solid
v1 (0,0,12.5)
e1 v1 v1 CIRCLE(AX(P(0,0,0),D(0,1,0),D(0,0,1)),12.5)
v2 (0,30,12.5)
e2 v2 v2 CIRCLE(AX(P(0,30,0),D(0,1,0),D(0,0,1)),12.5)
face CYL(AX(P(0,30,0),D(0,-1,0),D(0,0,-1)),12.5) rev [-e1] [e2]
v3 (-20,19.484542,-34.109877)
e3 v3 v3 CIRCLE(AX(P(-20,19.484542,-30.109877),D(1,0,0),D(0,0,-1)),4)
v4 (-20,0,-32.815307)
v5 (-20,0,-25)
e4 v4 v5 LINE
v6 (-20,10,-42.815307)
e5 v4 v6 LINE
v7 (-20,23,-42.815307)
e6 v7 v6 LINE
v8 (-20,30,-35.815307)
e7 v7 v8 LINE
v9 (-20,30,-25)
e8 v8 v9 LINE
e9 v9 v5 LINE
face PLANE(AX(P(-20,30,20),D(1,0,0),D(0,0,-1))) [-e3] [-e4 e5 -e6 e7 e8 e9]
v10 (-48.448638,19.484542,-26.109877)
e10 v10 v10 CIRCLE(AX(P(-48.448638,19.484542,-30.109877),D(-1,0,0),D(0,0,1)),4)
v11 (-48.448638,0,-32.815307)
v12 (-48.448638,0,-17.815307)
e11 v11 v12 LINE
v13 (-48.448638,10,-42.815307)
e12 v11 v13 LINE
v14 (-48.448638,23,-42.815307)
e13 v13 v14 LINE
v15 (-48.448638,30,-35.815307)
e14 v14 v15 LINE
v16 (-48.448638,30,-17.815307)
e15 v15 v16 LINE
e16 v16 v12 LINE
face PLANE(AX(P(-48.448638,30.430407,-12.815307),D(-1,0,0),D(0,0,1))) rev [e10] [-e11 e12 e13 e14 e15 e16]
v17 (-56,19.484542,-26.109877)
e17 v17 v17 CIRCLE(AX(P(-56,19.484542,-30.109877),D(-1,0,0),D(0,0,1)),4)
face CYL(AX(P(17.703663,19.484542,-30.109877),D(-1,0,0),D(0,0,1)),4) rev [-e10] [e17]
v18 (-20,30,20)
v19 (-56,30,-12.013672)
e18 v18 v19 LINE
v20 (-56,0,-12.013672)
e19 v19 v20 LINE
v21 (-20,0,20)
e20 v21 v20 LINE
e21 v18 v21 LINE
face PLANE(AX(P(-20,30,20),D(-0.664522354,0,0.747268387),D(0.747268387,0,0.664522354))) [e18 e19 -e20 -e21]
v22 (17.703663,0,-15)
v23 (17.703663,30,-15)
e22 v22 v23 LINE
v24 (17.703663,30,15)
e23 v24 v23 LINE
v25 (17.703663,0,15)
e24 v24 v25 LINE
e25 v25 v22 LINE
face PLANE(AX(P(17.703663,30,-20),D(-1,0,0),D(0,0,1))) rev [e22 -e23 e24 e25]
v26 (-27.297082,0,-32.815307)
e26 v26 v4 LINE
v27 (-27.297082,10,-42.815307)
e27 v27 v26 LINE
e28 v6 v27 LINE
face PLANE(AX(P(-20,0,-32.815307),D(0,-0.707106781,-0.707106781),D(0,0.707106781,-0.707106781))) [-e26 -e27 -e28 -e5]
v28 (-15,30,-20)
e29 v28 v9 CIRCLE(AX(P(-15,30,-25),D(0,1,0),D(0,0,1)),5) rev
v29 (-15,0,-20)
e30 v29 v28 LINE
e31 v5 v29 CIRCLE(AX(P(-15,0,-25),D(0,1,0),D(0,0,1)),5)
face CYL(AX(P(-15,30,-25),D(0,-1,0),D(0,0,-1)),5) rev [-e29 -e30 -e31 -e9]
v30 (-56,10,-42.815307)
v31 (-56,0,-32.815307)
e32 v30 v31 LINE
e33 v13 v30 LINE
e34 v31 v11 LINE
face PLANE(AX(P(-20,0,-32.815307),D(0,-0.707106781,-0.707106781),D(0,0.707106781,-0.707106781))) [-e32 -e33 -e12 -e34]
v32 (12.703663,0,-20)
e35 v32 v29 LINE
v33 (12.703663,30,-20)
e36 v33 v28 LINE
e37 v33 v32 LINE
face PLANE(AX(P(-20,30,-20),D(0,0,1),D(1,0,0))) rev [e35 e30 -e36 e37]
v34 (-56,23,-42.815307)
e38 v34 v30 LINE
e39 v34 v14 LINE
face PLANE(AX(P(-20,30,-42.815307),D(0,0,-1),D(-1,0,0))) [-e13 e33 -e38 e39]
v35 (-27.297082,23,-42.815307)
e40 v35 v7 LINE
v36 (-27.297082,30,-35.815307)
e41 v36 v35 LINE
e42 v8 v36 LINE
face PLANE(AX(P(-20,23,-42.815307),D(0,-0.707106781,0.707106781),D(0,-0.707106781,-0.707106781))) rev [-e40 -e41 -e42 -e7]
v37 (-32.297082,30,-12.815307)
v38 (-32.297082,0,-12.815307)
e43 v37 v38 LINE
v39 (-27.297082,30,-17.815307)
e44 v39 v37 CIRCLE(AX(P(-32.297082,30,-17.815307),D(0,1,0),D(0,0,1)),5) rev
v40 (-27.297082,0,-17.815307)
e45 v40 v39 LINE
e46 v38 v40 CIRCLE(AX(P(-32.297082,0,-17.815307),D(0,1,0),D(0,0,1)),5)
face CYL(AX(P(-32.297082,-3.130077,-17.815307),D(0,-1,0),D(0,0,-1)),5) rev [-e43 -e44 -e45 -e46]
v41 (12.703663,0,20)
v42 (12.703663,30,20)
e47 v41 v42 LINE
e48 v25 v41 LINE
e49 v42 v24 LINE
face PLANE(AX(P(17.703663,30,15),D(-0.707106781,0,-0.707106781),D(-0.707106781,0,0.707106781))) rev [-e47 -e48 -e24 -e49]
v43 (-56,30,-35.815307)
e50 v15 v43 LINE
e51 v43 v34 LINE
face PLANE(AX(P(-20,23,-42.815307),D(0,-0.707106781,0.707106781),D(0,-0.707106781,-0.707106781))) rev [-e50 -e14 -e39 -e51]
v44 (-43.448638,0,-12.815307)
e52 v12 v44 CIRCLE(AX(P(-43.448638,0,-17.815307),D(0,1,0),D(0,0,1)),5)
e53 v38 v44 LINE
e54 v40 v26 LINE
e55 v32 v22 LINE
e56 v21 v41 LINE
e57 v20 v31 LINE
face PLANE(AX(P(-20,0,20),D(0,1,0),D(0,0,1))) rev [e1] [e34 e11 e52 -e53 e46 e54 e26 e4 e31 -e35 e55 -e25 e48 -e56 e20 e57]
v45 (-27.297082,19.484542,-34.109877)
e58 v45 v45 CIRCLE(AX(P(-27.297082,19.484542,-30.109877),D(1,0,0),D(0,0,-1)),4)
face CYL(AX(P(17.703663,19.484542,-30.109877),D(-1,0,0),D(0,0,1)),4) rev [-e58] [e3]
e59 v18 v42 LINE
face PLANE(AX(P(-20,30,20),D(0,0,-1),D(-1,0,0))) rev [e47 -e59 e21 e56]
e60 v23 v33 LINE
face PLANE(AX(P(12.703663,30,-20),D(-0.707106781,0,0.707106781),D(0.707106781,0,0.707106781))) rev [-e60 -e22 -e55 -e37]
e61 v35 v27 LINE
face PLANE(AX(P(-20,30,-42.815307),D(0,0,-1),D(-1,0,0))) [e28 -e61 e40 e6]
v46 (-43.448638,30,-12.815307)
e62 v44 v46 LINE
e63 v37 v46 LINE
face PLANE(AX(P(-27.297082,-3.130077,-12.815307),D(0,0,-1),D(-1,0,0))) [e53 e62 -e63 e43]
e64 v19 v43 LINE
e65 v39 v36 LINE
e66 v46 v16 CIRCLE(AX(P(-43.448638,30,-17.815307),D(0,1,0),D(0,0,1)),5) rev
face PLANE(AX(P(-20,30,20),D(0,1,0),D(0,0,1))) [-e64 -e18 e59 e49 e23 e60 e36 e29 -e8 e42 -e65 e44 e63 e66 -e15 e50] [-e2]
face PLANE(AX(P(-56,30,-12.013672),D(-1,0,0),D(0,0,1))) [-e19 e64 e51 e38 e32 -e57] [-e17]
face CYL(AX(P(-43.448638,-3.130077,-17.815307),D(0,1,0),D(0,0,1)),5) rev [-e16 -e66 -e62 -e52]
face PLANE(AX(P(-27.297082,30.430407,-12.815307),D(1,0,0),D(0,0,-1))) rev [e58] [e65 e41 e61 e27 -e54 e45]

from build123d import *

# Parameters (mm, degrees)
SKETCH_1_W          = 37.703662968
SKETCH_1_H          = 40
SKETCH_1_R          = 12.5
EXTRUDE_1_DEPTH     = 30
EXTRUDE_3_DEPTH     = 30
SKETCH_9_W          = 21.151556031
SKETCH_9_H          = 33.5604842
CUT_EXTRUDE_5_DEPTH = 30
FILLET_4_R          = 5
CHAMFER_4_SIZE      = 7
FILLET_5_R          = 5
SKETCH_10_R         = 4.000000001
CUT_EXTRUDE_6_DEPTH = 91.362494631
CHAMFER_6_SIZE      = 10
CHAMFER_7_SIZE      = 5


with BuildPart() as part:
    # Эскиз1 → Вытянуть1 (new body)
    with BuildSketch(Plane(origin=(0, 0, 0), x_dir=(1, 0, 0), z_dir=(0, 1, 0))):
        with Locations((-1.148168516, 0)):
            Rectangle(SKETCH_1_W, SKETCH_1_H)
        with Locations(Location((0, 0, 0), (0, 0, 270))):
            Circle(SKETCH_1_R, mode=Mode.SUBTRACT)
    extrude(amount=EXTRUDE_1_DEPTH)

    # Эскиз8 → Вытянуть3 (add)
    with BuildSketch(Plane.XZ):
        Polygon((-20, 20), (-56, -12.013671604), (-56, -42.815306854), (-20, -42.815306854), align=None)
    extrude(amount=-EXTRUDE_3_DEPTH)

    # Эскиз9 → Вырез-Вытянуть5 (cut)
    with BuildSketch(Plane(origin=(0, 0, -42.815306854), x_dir=(-1, 0, 0), z_dir=(0, 0, -1))):
        with Locations((37.872859834, 13.650165161)):
            Rectangle(SKETCH_9_W, SKETCH_9_H)
    extrude(amount=-CUT_EXTRUDE_5_DEPTH, mode=Mode.SUBTRACT)

    # Скругление4
    fillet_4_edges = [part.edges().sort_by_distance(p)[0] for p in [
        (-27.297081818, 15, -12.815306854),
        (-48.448637849, 15, -12.815306854),
    ]]
    fillet(fillet_4_edges, radius=FILLET_4_R)

    # Фаска4
    chamfer_4_edges = [part.edges().sort_by_distance(p)[0] for p in [
        (-52.224318925, 30, -42.815306854),
        (-23.648540909, 30, -42.815306854),
    ]]
    chamfer(chamfer_4_edges, length=CHAMFER_4_SIZE)

    # Скругление5
    fillet_5_edges = [part.edges().sort_by_distance(p)[0] for p in [
        (-20, 15, -20),
    ]]
    fillet(fillet_5_edges, radius=FILLET_5_R)

    # Эскиз10 → Вырез-Вытянуть6 (cut, through all)
    with BuildSketch(Plane.ZY.offset(56)):
        with Locations((-30.109876722, 19.484541516)):
            Circle(SKETCH_10_R)
    extrude(amount=-CUT_EXTRUDE_6_DEPTH, mode=Mode.SUBTRACT)

    # Фаска6
    chamfer_6_edges = [part.edges().sort_by_distance(p)[0] for p in [
        (-23.648540909, 0, -42.815306854),
        (-52.224318925, 0, -42.815306854),
    ]]
    chamfer(chamfer_6_edges, length=CHAMFER_6_SIZE)

    # Фаска7
    chamfer_7_edges = [part.edges().sort_by_distance(p)[0] for p in [
        (17.703662968, 15, -20),
        (17.703662968, 15, 20),
    ]]
    chamfer(chamfer_7_edges, length=CHAMFER_7_SIZE)


solid = part.part
